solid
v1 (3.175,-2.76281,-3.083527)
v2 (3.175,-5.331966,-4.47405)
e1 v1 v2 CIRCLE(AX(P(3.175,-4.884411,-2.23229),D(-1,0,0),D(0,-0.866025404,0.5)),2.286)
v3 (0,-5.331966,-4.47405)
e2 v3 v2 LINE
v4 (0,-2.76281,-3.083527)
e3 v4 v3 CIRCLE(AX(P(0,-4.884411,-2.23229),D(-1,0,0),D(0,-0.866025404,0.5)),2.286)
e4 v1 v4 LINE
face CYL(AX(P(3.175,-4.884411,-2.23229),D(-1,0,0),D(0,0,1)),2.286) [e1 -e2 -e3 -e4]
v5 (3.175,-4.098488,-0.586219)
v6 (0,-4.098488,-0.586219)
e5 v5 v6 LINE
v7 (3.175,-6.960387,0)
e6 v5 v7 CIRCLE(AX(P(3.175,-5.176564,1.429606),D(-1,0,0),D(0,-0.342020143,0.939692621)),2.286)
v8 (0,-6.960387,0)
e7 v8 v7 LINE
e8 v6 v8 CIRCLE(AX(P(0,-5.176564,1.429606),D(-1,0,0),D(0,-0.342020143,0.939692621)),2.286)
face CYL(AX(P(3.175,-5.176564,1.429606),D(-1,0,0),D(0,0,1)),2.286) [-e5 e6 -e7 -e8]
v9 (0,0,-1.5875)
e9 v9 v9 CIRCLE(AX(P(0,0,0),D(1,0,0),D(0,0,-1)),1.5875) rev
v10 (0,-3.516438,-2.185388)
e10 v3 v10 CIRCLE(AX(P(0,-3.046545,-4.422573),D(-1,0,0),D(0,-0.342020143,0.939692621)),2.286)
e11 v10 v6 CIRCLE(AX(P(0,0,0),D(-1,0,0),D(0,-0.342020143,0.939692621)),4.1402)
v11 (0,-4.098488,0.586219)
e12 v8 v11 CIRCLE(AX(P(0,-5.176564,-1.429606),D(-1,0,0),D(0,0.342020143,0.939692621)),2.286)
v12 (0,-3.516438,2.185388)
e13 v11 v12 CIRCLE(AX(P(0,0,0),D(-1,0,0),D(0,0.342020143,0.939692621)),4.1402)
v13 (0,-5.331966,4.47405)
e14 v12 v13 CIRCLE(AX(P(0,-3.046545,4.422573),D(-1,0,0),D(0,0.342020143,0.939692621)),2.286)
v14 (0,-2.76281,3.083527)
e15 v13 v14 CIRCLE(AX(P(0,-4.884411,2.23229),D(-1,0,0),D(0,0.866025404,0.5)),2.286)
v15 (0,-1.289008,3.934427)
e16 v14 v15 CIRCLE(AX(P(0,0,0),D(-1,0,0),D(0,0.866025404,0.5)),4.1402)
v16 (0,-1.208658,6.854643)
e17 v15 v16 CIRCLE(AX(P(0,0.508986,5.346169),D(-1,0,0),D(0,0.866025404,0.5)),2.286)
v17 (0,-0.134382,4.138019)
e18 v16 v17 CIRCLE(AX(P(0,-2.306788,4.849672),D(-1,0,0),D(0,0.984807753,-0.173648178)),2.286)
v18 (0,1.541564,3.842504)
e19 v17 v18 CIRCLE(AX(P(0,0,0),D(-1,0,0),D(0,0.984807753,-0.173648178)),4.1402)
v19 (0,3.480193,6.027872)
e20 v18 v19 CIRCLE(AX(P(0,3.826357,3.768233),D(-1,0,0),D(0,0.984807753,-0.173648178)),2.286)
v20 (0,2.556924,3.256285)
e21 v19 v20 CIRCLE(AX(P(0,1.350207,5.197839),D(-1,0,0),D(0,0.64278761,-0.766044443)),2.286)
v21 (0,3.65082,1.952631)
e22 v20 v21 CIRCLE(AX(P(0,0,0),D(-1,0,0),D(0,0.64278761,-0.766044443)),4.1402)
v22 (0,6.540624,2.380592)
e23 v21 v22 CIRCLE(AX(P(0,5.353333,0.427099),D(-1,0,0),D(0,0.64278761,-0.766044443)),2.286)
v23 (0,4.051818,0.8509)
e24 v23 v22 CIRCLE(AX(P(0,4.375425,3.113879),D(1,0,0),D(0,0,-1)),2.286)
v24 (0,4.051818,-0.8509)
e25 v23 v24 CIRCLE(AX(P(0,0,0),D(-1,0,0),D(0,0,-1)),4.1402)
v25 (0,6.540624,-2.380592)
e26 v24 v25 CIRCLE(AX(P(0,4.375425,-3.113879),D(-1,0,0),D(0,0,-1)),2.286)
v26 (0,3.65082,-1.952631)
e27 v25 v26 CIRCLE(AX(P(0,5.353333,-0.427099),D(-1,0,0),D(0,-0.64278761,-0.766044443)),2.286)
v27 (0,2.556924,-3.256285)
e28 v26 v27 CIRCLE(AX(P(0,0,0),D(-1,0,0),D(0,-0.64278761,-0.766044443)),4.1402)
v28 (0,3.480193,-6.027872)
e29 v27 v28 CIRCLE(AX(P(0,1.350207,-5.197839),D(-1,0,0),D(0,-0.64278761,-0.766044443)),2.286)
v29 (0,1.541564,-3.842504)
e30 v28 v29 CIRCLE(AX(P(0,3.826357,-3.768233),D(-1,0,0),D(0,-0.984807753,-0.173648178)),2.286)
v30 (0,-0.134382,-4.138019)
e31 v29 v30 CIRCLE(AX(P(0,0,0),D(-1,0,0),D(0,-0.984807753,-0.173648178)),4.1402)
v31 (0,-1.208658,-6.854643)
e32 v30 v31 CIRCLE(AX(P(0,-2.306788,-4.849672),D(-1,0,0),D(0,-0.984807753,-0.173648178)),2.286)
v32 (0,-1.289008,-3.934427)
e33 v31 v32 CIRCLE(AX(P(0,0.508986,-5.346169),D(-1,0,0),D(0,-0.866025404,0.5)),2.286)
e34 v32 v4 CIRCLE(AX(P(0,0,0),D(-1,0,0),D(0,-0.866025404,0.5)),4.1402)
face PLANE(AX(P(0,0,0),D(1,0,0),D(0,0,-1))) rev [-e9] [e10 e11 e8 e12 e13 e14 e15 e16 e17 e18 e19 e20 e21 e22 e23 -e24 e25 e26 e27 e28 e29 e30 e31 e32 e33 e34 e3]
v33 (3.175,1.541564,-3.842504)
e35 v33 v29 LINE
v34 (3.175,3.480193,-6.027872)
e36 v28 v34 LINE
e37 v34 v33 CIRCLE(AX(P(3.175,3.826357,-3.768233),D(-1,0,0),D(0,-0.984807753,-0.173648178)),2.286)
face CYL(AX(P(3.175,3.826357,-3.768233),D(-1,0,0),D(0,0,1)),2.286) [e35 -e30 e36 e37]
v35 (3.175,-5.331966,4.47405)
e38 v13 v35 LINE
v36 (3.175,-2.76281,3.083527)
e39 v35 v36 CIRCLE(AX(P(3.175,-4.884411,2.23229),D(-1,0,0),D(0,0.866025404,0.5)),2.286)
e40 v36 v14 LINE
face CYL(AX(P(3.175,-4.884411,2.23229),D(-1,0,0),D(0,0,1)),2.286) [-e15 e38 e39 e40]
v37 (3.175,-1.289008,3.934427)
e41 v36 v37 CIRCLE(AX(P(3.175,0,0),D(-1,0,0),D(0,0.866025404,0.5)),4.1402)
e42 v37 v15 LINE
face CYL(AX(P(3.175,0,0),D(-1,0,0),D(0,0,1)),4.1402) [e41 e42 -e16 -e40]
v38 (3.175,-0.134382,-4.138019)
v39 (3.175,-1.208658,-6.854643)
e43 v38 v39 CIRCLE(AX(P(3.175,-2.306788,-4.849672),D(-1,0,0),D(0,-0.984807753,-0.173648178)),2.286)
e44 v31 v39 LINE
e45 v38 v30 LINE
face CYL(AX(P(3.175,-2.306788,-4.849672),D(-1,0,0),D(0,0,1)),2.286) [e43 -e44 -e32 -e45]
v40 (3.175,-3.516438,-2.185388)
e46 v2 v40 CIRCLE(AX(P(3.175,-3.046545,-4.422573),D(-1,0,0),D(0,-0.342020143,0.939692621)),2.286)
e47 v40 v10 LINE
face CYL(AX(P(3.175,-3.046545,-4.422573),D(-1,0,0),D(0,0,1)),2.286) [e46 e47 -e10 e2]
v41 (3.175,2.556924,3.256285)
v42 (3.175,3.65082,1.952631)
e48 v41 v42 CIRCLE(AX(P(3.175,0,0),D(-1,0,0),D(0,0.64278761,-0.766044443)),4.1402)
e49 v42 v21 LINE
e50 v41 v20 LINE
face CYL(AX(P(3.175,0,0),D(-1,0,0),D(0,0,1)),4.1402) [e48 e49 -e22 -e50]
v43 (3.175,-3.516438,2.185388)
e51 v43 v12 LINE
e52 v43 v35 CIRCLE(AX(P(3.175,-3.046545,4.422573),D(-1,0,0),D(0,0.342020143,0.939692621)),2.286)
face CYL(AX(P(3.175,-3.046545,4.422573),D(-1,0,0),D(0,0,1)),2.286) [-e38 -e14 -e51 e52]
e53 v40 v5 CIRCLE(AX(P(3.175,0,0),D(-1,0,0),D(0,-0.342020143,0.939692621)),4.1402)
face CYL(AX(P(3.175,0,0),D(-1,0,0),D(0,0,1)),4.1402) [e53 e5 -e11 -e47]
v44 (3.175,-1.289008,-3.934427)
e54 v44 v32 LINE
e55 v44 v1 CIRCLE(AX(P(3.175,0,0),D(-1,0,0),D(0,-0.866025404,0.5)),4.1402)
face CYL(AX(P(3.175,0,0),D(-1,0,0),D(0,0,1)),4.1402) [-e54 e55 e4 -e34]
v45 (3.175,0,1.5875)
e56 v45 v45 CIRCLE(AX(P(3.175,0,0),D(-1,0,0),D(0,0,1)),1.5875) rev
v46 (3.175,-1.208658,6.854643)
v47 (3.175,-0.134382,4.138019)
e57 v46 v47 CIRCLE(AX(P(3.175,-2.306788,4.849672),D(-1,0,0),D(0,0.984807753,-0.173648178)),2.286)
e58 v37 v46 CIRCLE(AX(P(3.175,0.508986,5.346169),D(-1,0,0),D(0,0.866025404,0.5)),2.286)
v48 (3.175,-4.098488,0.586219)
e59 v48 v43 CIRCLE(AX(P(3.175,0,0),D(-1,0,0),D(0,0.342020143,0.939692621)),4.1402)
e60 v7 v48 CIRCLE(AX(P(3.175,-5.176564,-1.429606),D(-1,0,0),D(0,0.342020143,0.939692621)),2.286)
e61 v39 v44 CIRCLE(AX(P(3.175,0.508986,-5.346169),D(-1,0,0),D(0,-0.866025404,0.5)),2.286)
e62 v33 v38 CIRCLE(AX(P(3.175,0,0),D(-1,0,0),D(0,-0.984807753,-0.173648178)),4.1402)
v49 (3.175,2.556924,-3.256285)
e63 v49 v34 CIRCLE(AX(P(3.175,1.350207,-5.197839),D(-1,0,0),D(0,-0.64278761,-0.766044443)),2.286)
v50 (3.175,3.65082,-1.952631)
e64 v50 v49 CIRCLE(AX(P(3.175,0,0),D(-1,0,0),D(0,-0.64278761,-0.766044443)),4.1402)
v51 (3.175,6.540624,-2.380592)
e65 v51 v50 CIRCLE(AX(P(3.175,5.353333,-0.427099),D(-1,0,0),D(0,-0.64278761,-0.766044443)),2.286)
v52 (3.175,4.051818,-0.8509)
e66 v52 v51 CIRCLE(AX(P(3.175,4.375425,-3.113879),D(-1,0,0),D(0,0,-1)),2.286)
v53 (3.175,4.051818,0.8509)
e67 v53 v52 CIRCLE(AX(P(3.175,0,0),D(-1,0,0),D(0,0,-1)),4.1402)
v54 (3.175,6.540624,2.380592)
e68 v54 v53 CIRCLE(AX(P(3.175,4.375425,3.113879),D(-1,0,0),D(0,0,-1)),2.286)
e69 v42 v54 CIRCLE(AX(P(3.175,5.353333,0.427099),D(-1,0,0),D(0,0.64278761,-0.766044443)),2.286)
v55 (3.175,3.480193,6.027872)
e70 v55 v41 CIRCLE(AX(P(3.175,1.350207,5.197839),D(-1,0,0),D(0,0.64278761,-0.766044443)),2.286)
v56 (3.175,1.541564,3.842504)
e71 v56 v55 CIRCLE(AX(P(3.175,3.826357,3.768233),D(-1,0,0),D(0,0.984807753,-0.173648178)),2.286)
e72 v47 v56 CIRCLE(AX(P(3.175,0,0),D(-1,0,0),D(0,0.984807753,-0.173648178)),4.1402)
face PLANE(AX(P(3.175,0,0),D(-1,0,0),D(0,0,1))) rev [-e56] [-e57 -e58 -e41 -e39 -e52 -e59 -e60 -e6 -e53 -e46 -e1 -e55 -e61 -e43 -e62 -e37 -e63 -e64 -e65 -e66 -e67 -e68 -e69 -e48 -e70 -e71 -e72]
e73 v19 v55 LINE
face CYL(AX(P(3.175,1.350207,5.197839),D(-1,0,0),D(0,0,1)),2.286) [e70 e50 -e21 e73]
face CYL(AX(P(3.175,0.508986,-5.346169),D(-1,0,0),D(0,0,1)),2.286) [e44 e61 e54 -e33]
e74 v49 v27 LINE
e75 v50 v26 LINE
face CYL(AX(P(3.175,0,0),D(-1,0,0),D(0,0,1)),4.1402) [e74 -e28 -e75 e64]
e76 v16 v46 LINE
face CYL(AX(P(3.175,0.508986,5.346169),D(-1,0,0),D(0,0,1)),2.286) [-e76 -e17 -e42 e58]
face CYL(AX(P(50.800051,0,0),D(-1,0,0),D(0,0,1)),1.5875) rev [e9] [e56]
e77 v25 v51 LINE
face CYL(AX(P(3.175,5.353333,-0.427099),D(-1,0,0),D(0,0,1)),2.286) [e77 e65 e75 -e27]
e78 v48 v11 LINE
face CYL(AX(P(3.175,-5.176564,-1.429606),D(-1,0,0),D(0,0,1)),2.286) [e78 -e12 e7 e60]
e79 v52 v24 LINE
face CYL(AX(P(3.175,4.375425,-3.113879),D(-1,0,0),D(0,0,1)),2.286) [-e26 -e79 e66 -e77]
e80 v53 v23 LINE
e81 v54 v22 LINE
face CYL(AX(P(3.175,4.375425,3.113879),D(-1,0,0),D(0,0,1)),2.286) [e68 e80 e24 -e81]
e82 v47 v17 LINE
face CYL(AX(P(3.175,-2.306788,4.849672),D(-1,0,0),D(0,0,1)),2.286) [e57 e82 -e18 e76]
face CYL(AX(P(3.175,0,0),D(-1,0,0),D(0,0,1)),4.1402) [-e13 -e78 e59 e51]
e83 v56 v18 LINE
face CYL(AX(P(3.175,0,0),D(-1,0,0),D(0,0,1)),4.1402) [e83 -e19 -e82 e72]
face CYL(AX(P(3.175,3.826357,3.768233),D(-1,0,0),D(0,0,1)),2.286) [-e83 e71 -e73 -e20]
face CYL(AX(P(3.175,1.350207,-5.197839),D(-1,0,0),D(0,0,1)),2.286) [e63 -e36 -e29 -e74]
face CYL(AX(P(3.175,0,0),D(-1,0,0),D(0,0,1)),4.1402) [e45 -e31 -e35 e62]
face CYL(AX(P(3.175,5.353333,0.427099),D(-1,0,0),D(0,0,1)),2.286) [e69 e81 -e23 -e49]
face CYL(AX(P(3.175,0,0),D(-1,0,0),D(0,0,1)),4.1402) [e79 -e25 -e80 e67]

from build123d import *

# Parameters (mm, degrees)
BASPROSKE_W     = 3.175
BASPROSKE_H     = 6.985
TOOTHCUT_DEPTH  = 11.375985495
TEETHCUTS_COUNT = 9
BORSKE_R        = 1.5875
BORE_DEPTH      = 50.8000508


with BuildPart() as part:
    # BasProSke → Base-Revolve (revolve)
    with BuildSketch(Plane(origin=(0, 0, 0), x_dir=(1, 0, 0), z_dir=(0, 1, 0)), mode=Mode.PRIVATE) as base_revolve_sk:
        with Locations((1.5875, 3.4925)):
            Rectangle(BASPROSKE_W, BASPROSKE_H)
    revolve(base_revolve_sk.sketch.rotate(Axis((-10, 0, 0), (1, 0, 0)), 180), axis=Axis((-10, 0, 0), (1, 0, 0)))

    # TooCutSke → ToothCut (cut, through all)
    with BuildSketch(Plane(origin=(0, 0, 0), x_dir=(0, 0, -1), z_dir=(1, 0, 0))):
        with BuildLine():
            ThreePointArc((0.85090004, 4.051817513), (0, 4.1402), (-0.85090004, 4.051817513))
            ThreePointArc((-0.85090004, 4.051817513), (-1.187930048, 5.606894235), (-2.458065659, 6.565334826))
            ThreePointArc((-2.458065659, 6.565334826), (0, 7.0104), (2.458065659, 6.565334826))
            ThreePointArc((2.458065659, 6.565334826), (1.187930048, 5.606894235), (0.85090004, 4.051817513))
        make_face()
    toothcut = extrude(amount=TOOTHCUT_DEPTH, mode=Mode.SUBTRACT)

    # TeethCuts: ToothCut ×9 about axis
    teethcuts_axis = Axis((-10, 0, 0), (1, 0, 0))
    for i in range(1, TEETHCUTS_COUNT):
        add(toothcut.rotate(teethcuts_axis, i * 360 / TEETHCUTS_COUNT), mode=Mode.SUBTRACT)

    # BorSke → Bore (cut, symmetric)
    with BuildSketch(Plane(origin=(0, 0, 0), x_dir=(0, 0, -1), z_dir=(1, 0, 0))):
        with Locations(Location((0, 0, 0), (0, 0, 180))):
            Circle(BORSKE_R)
    extrude(amount=BORE_DEPTH, both=True, mode=Mode.SUBTRACT)


solid = part.part
